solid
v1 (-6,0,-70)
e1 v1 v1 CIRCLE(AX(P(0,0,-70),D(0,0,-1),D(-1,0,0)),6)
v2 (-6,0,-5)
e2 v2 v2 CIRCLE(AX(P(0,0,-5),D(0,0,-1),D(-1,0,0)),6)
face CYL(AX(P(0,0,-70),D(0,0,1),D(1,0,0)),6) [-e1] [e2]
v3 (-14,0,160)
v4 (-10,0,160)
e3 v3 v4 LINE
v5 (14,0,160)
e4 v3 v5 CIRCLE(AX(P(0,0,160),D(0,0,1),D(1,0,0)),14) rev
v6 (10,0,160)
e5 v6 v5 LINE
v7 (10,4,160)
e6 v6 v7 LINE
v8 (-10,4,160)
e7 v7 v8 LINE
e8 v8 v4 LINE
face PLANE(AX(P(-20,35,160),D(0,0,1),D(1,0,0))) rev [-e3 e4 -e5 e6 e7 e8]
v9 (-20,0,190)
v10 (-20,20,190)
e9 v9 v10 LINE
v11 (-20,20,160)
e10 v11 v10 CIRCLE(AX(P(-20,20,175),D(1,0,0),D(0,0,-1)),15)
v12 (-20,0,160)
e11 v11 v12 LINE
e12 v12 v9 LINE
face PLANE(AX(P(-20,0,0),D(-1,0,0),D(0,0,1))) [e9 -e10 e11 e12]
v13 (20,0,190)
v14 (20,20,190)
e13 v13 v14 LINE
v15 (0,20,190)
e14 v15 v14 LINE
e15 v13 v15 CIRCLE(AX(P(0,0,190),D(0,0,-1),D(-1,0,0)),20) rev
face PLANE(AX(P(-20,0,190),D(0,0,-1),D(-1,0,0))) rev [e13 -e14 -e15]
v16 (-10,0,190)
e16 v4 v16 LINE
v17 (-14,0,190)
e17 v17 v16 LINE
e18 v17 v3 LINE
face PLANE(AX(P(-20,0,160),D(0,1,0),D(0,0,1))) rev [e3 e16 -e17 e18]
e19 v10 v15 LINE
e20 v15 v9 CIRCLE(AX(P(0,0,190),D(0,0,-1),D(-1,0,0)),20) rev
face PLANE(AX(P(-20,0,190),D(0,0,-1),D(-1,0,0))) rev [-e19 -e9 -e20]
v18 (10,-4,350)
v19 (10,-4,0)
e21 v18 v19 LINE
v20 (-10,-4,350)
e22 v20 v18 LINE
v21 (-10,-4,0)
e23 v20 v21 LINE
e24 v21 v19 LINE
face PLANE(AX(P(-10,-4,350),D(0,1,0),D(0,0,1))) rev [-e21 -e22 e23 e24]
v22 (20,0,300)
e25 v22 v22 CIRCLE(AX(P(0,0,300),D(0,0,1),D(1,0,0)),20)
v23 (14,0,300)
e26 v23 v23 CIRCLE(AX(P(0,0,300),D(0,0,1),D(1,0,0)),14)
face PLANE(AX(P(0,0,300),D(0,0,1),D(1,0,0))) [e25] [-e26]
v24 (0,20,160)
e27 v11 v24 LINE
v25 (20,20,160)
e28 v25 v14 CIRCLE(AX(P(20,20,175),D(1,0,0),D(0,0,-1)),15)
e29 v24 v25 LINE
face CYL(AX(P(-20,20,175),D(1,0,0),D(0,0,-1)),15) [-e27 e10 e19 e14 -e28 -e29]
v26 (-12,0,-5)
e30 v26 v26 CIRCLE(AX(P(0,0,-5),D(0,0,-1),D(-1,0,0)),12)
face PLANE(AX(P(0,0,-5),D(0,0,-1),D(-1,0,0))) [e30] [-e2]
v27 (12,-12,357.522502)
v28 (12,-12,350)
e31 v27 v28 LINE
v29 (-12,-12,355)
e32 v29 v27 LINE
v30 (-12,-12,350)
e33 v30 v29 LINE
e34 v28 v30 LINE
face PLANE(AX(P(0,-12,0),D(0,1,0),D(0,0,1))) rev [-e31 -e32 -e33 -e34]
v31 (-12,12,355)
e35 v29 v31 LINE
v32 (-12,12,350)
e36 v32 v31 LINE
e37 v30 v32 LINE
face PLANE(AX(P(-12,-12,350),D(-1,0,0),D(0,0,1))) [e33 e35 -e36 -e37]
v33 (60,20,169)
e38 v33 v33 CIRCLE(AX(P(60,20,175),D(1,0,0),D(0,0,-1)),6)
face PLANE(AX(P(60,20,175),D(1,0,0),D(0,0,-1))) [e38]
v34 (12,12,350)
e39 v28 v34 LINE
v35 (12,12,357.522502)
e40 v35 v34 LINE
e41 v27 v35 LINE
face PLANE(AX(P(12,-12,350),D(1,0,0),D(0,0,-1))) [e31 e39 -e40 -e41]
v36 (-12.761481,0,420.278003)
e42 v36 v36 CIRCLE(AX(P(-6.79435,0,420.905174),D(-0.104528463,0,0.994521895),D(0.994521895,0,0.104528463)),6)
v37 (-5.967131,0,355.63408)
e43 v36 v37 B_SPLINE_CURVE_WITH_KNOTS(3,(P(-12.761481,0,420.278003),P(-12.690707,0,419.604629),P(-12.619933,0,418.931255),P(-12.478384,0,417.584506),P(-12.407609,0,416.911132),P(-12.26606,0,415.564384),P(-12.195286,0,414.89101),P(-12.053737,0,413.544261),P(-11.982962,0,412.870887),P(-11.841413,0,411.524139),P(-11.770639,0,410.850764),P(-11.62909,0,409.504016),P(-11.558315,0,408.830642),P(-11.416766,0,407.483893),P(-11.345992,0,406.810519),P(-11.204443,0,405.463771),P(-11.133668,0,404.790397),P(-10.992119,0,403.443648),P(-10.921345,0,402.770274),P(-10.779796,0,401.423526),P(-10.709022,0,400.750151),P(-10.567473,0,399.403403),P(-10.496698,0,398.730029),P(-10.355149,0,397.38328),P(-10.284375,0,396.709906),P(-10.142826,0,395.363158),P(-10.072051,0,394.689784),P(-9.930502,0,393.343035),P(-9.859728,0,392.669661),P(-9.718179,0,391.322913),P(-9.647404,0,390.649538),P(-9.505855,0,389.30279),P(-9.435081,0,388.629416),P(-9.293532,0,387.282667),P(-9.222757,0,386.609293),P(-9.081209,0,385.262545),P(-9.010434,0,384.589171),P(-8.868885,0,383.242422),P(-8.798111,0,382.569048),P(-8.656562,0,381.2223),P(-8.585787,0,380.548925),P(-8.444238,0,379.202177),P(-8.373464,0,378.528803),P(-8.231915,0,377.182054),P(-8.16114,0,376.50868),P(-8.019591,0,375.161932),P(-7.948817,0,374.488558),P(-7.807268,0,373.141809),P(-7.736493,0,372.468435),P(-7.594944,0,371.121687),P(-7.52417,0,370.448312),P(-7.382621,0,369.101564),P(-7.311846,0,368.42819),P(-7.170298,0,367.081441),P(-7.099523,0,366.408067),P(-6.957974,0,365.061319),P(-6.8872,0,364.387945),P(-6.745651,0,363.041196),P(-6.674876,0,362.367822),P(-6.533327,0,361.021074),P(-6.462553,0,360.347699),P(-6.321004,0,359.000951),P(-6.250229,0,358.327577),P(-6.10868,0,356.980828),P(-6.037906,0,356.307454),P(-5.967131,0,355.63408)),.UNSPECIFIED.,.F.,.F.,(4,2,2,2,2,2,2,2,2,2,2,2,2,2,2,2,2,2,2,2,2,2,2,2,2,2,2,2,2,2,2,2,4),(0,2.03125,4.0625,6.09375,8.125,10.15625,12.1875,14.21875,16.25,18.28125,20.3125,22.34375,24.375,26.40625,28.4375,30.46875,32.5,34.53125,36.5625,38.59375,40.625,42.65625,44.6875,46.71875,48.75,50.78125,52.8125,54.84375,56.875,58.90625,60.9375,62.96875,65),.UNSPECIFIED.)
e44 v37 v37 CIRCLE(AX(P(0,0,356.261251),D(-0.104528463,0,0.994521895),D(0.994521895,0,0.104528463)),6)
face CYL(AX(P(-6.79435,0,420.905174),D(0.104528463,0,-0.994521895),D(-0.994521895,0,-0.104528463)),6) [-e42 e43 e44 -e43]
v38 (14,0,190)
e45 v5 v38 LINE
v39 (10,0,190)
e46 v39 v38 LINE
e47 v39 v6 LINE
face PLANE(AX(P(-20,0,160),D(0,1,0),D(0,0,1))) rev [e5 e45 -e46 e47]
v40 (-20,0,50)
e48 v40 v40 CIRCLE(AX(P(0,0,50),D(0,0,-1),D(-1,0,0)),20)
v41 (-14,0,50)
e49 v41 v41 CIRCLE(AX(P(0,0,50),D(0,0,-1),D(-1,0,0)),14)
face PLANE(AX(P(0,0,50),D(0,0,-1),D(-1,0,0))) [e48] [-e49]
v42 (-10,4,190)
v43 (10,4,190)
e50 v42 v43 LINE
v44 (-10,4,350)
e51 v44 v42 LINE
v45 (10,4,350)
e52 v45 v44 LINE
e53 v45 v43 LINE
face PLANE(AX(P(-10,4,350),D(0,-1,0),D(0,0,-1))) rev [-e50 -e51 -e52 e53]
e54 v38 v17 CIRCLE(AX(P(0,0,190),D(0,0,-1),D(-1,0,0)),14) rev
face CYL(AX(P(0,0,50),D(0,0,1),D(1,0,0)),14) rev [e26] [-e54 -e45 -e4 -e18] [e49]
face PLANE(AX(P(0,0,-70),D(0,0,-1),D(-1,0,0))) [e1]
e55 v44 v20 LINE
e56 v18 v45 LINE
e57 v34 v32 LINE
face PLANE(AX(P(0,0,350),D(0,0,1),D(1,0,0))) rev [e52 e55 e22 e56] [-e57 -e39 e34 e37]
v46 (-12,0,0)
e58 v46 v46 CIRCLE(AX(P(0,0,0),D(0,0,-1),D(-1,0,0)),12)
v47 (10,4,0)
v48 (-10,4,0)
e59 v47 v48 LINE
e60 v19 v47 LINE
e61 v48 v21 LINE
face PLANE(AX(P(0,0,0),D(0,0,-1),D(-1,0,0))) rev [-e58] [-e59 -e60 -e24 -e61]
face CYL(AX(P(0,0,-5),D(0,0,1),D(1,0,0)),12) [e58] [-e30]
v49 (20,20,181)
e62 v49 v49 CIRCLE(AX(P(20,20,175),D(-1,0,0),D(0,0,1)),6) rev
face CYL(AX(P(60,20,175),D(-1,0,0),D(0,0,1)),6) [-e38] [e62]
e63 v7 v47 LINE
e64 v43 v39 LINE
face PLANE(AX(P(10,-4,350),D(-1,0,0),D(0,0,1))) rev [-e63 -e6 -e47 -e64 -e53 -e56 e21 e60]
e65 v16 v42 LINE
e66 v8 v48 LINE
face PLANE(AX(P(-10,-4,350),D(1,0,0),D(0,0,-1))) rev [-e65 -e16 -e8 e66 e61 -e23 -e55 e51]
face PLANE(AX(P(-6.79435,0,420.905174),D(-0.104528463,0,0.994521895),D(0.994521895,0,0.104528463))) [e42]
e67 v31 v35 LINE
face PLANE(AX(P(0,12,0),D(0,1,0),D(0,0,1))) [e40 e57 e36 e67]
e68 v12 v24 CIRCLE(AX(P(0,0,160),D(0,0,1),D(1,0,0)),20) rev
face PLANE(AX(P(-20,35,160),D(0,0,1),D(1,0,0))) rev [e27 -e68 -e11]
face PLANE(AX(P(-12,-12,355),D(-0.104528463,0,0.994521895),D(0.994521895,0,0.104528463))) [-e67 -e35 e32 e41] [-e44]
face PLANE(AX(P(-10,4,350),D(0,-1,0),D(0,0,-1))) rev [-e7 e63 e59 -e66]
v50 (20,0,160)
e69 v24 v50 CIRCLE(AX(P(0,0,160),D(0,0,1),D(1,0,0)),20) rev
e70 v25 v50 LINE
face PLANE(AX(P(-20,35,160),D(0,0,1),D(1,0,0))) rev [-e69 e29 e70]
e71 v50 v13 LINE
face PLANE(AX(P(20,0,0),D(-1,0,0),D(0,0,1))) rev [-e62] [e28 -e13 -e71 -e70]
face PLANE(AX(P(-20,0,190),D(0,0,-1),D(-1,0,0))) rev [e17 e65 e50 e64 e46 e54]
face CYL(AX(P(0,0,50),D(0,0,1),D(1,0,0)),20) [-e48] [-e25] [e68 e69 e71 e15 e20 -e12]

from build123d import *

# Parameters (mm, degrees)
SZKIC1_W                         = 20
SZKIC1_H                         = 8
DODANIE_WYCI_GNI_CIE1_DEPTH      = 350
SZKIC2_R                         = 12
DODANIE_WYCI_GNI_CIE2_DEPTH      = 5
DODANIE_WYCI_GNI_CIE3_START      = 5
SZKIC3_R                         = 12
DODANIE_WYCI_GNI_CIE3_DEPTH      = 5
DODANIE_WYCI_GNI_CIE4_DEPTH      = 8
DODANIE_WYCI_GNI_CIE4_DEPTH_BACK = 16
SZKIC6_R                         = 6
DODANIE_WYCI_GNI_CIE5_DEPTH      = 65
SZKIC7_R                         = 6
DODANIE_WYCI_GNI_CIE6_DEPTH      = 65
SZKIC8_R                         = 20
SZKIC8_R_2                       = 14
DODANIE_WYCI_GNI_CIE7_DEPTH      = 300
SZKIC13_R                        = 20
SZKIC13_R_2                      = 14
WYTNIJ_WYCI_GNI_CIE1_DEPTH       = 50
DODANIE_WYCI_GNI_CIE9_DEPTH      = 20
DODANIE_WYCI_GNI_CIE9_DEPTH_BACK = 20
WYTNIJ_WYCI_GNI_CIE2_DEPTH       = 40
SZKIC16_R                        = 6
DODANIE_WYCI_GNI_CIE10_DEPTH     = 40


with BuildPart() as part:
    # Szkic1 → Dodanie-wyciągnięcie1 (new body)
    with BuildSketch(Plane.XY):
        Rectangle(SZKIC1_W, SZKIC1_H)
    extrude(amount=DODANIE_WYCI_GNI_CIE1_DEPTH)

    # Szkic2 → Dodanie-wyciągnięcie2 (add)
    with BuildSketch(Plane.XY.offset(350)):
        Circle(SZKIC2_R)
    extrude(amount=DODANIE_WYCI_GNI_CIE2_DEPTH)

    # Szkic3 → Dodanie-wyciągnięcie3 (add)
    with BuildSketch(Plane(origin=(0, 0, 0), x_dir=(-1, 0, 0), z_dir=(0, 0, -1)).offset(DODANIE_WYCI_GNI_CIE3_START)):
        with Locations(Location((0, 0, 0), (0, 0, 180))):
            Circle(SZKIC3_R)
    extrude(amount=-DODANIE_WYCI_GNI_CIE3_DEPTH)

    # Szkic5 → Dodanie-wyciągnięcie4 (add, two sides: drawn at the far end of the back side and taken through both)
    with BuildSketch(Plane(origin=(0, 4, 0), x_dir=(1, 0, 0), z_dir=(0, 1, 0)).offset(-DODANIE_WYCI_GNI_CIE4_DEPTH_BACK)):
        Polygon((-12, -350), (12, -350), (12, -357.522501646), (-12, -355), align=None)
    extrude(amount=DODANIE_WYCI_GNI_CIE4_DEPTH + DODANIE_WYCI_GNI_CIE4_DEPTH_BACK)

    # Szkic6 → Dodanie-wyciągnięcie5 (add)
    with BuildSketch(Plane(origin=(-37.035439516, 0, 352.368669275), x_dir=(0.9945218953682733, 0, 0.1045284632676537), z_dir=(-0.1045284632676537, 0, 0.9945218953682733))):
        with Locations(Location((37.23944107, 0, 0), (0, 0, 180))):
            Circle(SZKIC6_R)
    extrude(amount=DODANIE_WYCI_GNI_CIE5_DEPTH)

    # Szkic7 → Dodanie-wyciągnięcie6 (add)
    with BuildSketch(Plane(origin=(0, 0, -5), x_dir=(-1, 0, 0), z_dir=(0, 0, -1))):
        Circle(SZKIC7_R)
    extrude(amount=DODANIE_WYCI_GNI_CIE6_DEPTH)

    # Szkic8 → Dodanie-wyciągnięcie7 (add)
    with BuildSketch(Plane(origin=(0, 0, 350), x_dir=(-1, 0, 0), z_dir=(0, 0, -1))):
        Circle(SZKIC8_R)
        with Locations(Location((0, 0, 0), (0, 0, 148.997280866))):
            Circle(SZKIC8_R_2, mode=Mode.SUBTRACT)
    extrude(amount=DODANIE_WYCI_GNI_CIE7_DEPTH)

    # Szkic13 → Wytnij-wyciągnięcie1 (cut)
    with BuildSketch(Plane.XY.offset(350)):
        Circle(SZKIC13_R)
        Circle(SZKIC13_R_2, mode=Mode.SUBTRACT)
    extrude(amount=-WYTNIJ_WYCI_GNI_CIE1_DEPTH, mode=Mode.SUBTRACT)


with BuildPart() as wytnij_wyci_gni_cie1_piece_1:
    # of the separate pieces the step leaves, piece 1, a body of its own (wytnij_wyci_gni_cie1_pieces)
    add(part.part.solids().sort_by_distance((12, 7.211102551, 300))[0])



with BuildPart() as wytnij_wyci_gni_cie1_piece_2:
    # of the separate pieces the step leaves, piece 2, a body of its own (wytnij_wyci_gni_cie1_pieces)
    add(part.part.solids().sort_by_distance((12, 0, -5))[0])


with BuildPart() as wytnij_wyci_gni_cie1_piece_1_1:
    add(wytnij_wyci_gni_cie1_piece_1.part)

    add(wytnij_wyci_gni_cie1_piece_2.part)  # Dodanie-wyciągnięcie9 merges Wytnij-wyciągnięcie1 piece 2
    # Szkic14 → Dodanie-wyciągnięcie9 (add, two sides: drawn at the far end of the back side and taken through both)
    with BuildSketch(Plane(origin=(0, 0, 0), x_dir=(0, 0, -1), z_dir=(1, 0, 0)).offset(-DODANIE_WYCI_GNI_CIE9_DEPTH_BACK)):
        Polygon((-175, 35), (-160, 35), (-160, 0), (-190, 0), (-190, 35), align=None)
    extrude(amount=DODANIE_WYCI_GNI_CIE9_DEPTH + DODANIE_WYCI_GNI_CIE9_DEPTH_BACK)

    # Szkic15 → Wytnij-wyciągnięcie2 (cut)
    with BuildSketch(Plane(origin=(20, 0, 0), x_dir=(0, 0, -1), z_dir=(1, 0, 0))):
        with BuildLine():
            Line((-190, 35), (-190, 20))
            ThreePointArc((-190, 20), (-185.606601718, 30.606601718), (-175, 35))
            Line((-175, 35), (-190, 35))
        make_face()
        with BuildLine():
            ThreePointArc((-175, 35), (-164.393398282, 30.606601718), (-160, 20))
            Line((-160, 20), (-160, 35))
            Line((-160, 35), (-175, 35))
        make_face()
    extrude(amount=-WYTNIJ_WYCI_GNI_CIE2_DEPTH, mode=Mode.SUBTRACT)

    # Szkic16 → Dodanie-wyciągnięcie10 (add)
    with BuildSketch(Plane(origin=(20, 0, 0), x_dir=(0, 0, -1), z_dir=(1, 0, 0))):
        with Locations(Location((-175, 20, 0), (0, 0, 180))):
            Circle(SZKIC16_R)
    extrude(amount=DODANIE_WYCI_GNI_CIE10_DEPTH)


solid = wytnij_wyci_gni_cie1_piece_1_1.part
